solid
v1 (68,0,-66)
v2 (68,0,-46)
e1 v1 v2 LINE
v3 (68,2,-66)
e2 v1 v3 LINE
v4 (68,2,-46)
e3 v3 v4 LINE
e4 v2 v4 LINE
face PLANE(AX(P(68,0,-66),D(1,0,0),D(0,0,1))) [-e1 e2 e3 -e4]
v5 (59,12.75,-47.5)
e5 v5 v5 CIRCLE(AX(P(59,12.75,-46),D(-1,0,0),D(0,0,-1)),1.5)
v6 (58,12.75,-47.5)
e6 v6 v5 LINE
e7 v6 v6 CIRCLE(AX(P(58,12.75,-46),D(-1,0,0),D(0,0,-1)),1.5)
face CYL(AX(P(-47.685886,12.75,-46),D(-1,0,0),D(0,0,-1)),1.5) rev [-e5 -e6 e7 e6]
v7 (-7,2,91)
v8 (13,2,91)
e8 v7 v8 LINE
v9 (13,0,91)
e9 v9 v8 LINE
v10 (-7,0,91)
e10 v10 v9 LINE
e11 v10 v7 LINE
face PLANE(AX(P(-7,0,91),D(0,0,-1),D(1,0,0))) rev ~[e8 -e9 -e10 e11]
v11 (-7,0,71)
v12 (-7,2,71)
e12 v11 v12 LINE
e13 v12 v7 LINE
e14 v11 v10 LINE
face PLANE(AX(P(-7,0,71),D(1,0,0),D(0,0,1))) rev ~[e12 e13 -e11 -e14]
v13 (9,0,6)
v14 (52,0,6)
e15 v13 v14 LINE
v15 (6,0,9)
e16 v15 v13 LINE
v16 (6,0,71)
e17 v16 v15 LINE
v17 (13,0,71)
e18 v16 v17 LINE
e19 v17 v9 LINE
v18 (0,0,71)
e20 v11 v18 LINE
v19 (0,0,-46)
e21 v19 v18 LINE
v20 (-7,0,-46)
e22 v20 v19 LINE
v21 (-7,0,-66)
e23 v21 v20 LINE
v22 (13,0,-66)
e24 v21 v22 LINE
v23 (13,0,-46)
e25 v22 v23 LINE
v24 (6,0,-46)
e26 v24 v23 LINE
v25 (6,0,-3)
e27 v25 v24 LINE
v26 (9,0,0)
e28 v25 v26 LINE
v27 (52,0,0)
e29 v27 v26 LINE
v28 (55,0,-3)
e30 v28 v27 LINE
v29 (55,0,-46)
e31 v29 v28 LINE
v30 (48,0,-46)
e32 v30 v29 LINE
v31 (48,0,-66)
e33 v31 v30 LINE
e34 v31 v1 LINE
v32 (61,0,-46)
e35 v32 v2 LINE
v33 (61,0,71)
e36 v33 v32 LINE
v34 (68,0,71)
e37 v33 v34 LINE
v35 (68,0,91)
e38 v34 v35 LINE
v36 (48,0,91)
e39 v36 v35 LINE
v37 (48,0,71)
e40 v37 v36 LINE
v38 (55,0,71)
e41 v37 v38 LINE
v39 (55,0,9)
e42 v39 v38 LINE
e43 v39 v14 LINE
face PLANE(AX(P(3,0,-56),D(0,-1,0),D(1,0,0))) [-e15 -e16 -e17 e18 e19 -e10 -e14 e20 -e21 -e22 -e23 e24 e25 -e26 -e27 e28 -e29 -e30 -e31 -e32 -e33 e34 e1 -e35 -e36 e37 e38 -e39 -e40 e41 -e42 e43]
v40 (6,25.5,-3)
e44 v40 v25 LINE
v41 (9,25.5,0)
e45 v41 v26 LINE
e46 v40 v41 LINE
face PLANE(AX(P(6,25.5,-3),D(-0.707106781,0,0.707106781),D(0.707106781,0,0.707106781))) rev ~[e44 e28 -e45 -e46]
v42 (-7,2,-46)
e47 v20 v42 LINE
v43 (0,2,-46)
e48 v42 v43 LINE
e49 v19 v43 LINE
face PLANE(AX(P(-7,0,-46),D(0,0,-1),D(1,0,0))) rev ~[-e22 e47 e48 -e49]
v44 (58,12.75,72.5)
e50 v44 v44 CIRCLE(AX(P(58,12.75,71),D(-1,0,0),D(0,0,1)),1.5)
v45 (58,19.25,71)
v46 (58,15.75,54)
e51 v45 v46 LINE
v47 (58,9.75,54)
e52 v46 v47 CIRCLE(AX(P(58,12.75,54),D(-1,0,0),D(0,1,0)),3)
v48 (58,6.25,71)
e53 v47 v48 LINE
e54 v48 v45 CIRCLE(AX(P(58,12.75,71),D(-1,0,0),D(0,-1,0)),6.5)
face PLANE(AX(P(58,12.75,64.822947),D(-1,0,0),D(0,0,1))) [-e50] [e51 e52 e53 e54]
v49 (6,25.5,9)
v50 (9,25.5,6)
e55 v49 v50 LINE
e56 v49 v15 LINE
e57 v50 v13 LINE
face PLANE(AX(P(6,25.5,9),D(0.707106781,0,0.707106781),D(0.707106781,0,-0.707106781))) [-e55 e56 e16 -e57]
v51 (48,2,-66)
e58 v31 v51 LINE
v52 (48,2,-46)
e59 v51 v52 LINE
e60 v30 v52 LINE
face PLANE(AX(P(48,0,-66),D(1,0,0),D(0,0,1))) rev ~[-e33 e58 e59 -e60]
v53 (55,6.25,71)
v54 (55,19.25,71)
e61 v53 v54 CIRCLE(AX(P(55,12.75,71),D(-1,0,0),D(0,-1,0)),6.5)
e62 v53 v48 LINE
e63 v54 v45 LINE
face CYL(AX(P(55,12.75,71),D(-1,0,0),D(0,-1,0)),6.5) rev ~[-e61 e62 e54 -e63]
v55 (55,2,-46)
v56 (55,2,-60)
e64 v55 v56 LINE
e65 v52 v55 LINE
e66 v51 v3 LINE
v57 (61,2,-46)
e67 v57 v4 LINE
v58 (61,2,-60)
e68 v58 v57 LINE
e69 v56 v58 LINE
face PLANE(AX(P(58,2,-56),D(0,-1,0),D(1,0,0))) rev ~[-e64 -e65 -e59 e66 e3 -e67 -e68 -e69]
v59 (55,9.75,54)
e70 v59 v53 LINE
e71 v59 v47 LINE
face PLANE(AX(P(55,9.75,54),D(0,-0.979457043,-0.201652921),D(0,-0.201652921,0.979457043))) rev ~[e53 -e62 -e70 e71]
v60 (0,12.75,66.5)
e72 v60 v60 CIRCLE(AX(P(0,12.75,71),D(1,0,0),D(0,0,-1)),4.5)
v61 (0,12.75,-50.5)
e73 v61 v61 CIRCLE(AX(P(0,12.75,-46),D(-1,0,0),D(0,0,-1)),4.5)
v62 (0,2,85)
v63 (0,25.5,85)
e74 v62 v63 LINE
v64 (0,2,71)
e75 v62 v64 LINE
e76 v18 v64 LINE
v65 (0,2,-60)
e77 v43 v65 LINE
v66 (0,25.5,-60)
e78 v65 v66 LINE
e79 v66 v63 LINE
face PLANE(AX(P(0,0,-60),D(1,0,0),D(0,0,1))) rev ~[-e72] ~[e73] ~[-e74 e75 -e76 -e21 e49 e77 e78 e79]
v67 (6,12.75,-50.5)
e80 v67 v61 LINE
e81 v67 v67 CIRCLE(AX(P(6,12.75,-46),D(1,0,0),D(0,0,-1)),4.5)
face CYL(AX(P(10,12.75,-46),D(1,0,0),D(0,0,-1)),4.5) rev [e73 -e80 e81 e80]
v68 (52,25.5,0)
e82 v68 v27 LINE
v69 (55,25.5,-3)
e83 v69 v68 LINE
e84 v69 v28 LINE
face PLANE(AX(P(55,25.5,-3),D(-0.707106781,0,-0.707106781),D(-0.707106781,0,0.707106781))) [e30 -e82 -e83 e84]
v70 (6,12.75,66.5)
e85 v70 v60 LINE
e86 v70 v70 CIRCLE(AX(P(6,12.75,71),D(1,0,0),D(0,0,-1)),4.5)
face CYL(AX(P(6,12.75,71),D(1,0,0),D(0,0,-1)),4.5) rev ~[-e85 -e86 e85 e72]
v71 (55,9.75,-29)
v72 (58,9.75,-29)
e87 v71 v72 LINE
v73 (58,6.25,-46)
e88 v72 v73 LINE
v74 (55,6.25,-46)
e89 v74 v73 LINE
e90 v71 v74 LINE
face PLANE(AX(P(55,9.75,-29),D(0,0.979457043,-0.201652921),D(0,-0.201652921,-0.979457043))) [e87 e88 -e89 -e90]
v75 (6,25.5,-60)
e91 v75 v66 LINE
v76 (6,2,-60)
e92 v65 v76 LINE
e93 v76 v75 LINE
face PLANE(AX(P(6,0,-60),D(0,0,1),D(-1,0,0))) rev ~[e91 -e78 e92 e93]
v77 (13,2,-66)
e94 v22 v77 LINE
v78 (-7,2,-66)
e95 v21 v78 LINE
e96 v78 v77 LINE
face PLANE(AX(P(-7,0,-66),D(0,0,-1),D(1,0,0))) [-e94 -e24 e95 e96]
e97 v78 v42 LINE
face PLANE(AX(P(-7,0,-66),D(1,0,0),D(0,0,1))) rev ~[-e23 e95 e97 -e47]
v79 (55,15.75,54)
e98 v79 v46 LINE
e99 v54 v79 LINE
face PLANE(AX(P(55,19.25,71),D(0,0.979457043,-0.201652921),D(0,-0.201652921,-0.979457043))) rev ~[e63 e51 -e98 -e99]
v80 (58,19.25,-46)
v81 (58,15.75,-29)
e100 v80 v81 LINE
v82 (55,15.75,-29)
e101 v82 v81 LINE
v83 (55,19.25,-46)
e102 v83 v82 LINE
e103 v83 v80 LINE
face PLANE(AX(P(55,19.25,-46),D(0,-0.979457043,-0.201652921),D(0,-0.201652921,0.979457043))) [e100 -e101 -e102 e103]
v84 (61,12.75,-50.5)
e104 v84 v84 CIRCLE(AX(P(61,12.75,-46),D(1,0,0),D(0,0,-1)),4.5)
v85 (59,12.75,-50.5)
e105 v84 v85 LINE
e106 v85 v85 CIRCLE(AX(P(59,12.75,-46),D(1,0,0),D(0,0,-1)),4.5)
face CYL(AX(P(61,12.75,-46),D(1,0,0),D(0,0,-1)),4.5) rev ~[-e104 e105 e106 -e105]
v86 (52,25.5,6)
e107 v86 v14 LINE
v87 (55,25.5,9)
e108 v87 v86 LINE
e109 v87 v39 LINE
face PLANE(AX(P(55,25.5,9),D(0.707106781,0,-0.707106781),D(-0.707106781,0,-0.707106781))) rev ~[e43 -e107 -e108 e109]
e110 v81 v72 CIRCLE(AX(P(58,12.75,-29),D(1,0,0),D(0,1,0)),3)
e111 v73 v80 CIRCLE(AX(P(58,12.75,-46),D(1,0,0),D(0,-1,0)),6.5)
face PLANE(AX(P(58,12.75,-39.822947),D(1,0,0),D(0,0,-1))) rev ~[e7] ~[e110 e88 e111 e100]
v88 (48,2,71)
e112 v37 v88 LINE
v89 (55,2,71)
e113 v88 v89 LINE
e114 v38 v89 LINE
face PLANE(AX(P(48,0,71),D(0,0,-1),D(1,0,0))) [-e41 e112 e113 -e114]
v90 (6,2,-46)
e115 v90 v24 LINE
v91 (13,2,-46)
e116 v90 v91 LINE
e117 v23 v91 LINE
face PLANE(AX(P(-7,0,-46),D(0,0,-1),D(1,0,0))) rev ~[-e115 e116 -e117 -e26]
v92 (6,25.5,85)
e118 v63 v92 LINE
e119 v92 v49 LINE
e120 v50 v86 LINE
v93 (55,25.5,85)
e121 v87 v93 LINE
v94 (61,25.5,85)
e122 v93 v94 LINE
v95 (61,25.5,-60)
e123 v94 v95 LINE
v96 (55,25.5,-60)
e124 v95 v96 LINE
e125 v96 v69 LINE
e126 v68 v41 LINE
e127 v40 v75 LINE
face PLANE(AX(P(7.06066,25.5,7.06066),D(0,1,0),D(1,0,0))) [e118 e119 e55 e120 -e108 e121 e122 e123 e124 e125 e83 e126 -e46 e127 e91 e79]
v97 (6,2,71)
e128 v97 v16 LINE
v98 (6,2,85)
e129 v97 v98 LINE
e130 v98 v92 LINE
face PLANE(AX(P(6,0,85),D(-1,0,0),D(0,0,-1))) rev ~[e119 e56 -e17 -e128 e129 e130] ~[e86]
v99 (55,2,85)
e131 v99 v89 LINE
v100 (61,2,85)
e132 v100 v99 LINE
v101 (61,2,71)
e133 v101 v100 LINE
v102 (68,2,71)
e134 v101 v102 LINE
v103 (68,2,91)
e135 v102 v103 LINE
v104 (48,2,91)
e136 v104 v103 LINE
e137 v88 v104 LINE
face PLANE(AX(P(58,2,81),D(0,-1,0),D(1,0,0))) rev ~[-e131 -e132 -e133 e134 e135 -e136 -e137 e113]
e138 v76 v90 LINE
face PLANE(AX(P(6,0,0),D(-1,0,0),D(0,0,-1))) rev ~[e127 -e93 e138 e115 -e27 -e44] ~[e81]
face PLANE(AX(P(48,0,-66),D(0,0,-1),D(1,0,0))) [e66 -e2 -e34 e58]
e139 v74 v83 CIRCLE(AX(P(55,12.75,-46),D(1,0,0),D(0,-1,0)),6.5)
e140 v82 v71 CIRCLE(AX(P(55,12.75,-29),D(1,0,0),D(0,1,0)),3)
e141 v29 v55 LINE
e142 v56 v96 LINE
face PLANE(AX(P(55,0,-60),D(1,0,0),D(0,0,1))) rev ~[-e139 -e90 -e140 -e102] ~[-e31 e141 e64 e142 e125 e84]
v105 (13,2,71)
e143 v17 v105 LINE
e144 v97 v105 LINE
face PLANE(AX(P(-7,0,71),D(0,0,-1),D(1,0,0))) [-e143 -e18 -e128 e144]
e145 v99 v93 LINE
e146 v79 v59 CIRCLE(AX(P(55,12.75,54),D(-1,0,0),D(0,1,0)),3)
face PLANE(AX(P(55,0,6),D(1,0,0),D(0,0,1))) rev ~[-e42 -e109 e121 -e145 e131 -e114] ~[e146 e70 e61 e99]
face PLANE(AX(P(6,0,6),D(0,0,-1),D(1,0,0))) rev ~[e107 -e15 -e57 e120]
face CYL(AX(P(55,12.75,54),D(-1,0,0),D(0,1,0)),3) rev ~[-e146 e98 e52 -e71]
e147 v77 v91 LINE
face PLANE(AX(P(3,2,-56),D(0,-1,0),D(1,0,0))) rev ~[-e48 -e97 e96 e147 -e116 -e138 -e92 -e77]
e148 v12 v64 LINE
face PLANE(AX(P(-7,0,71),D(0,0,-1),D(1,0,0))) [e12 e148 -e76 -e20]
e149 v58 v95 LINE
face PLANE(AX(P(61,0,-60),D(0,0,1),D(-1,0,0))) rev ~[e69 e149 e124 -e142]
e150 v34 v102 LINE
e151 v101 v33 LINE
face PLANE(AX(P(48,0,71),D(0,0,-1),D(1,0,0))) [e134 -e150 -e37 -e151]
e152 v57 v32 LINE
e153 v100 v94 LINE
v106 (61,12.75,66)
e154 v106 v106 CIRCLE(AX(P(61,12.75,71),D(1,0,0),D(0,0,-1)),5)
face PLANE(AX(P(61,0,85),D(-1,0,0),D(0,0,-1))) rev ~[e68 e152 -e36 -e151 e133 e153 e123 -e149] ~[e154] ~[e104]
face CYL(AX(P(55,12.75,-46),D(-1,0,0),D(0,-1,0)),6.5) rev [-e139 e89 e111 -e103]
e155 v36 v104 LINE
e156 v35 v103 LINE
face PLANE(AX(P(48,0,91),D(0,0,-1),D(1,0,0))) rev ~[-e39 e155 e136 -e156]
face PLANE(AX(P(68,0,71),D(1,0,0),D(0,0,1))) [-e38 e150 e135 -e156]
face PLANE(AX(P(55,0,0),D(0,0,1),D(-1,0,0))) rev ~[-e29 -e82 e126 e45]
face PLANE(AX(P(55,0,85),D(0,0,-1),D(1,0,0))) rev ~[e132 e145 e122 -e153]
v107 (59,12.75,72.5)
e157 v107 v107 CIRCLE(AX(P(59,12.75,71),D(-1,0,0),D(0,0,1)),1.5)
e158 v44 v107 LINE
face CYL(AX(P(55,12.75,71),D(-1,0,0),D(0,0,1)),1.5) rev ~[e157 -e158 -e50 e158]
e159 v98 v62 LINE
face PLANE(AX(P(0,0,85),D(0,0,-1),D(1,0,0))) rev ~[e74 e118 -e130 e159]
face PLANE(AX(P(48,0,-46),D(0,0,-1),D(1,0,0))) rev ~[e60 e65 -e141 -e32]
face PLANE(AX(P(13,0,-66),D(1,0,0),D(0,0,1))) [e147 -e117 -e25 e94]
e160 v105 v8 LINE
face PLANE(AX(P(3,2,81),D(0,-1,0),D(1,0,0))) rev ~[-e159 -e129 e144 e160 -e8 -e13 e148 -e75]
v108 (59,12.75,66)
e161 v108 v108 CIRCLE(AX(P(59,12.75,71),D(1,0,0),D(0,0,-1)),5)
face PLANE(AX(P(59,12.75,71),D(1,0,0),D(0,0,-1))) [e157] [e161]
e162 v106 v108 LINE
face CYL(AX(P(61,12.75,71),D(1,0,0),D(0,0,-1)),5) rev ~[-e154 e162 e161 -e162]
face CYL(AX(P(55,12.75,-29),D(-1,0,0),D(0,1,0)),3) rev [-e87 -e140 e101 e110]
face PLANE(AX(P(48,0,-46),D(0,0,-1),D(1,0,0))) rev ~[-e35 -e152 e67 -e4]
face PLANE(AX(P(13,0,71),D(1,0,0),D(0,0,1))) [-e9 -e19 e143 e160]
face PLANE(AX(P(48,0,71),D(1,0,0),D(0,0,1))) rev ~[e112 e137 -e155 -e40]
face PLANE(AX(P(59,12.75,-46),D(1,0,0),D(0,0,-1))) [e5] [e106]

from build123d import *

# Parameters (mm, degrees)
BOSS_EXTRUDE1_DEPTH     = 25.5
SKETCH2_R               = 4.5
CUT_EXTRUDE1_DEPTH      = 25
SKETCH3_R               = 1.5
CUT_EXTRUDE2_DEPTH      = 10
SKETCH4_R               = 5
CUT_EXTRUDE3_DEPTH      = 2
CUT_EXTRUDE4_DEPTH      = 3
CUT_EXTRUDE5_DEPTH      = 3
SKETCH7_R               = 4.5
CUT_EXTRUDE6_DEPTH      = 2
CUT_EXTRUDE7_DEPTH      = 108.685885798
CUT_EXTRUDE7_DEPTH_BACK = 108.685885798
SKETCH8_R               = 1.5
CUT_EXTRUDE8_START      = -10
SKETCH9_R               = 4.5
CUT_EXTRUDE8_DEPTH      = 10
BOSS_EXTRUDE2_DEPTH     = 25.5
SKETCH11_W              = 20
SKETCH11_H              = 20
BOSS_EXTRUDE3_DEPTH     = 2


with BuildPart() as part:
    # Sketch1 → Boss-Extrude1 (new body)
    with BuildSketch(Plane(origin=(0, 0, 0), x_dir=(1, 0, 0), z_dir=(0, 1, 0))):
        Polygon((6, -6), (55, -6), (55, -85), (61, -85), (61, 60), (55, 60), (55, 0), (6, 0), (6, 60), (0, 60), (0, -85), (6, -85), align=None)
    extrude(amount=BOSS_EXTRUDE1_DEPTH)

    # Sketch2 → Cut-Extrude1 (cut)
    with BuildSketch(Plane(origin=(6, 0, 0), x_dir=(0, 0, -1), z_dir=(1, 0, 0))):
        with Locations((-71, 12.75)):
            Circle(SKETCH2_R)
    extrude(amount=-CUT_EXTRUDE1_DEPTH, mode=Mode.SUBTRACT)

    # Sketch3 → Cut-Extrude2 (cut)
    with BuildSketch(Plane.ZY.offset(-55)):
        with Locations((71, 12.75)):
            Circle(SKETCH3_R)
    extrude(amount=-CUT_EXTRUDE2_DEPTH, mode=Mode.SUBTRACT)

    # Sketch4 → Cut-Extrude3 (cut)
    with BuildSketch(Plane(origin=(61, 0, 0), x_dir=(0, 0, -1), z_dir=(1, 0, 0))):
        with Locations((-71, 12.75)):
            Circle(SKETCH4_R)
    extrude(amount=-CUT_EXTRUDE3_DEPTH, mode=Mode.SUBTRACT)

    # Sketch5 → Cut-Extrude4 (cut)
    with BuildSketch(Plane.ZY.offset(-55)):
        with BuildLine():
            Line((71, 19.25), (54, 15.75))
            ThreePointArc((54, 15.75), (51, 12.75), (54, 9.75))
            Line((54, 9.75), (71, 6.25))
            ThreePointArc((71, 6.25), (77.5, 12.75), (71, 19.25))
        make_face()
    extrude(amount=-CUT_EXTRUDE4_DEPTH, mode=Mode.SUBTRACT)

    # Sketch6 → Cut-Extrude5 (cut)
    with BuildSketch(Plane.ZY.offset(-55)):
        with BuildLine():
            Line((-29, 9.75), (-46, 6.25))
            ThreePointArc((-46, 6.25), (-52.5, 12.75), (-46, 19.25))
            Line((-46, 19.25), (-29, 15.75))
            ThreePointArc((-29, 15.75), (-26, 12.75), (-29, 9.75))
        make_face()
    extrude(amount=-CUT_EXTRUDE5_DEPTH, mode=Mode.SUBTRACT)

    # Sketch7 → Cut-Extrude6 (cut)
    with BuildSketch(Plane(origin=(61, 0, 0), x_dir=(0, 0, -1), z_dir=(1, 0, 0))):
        with Locations((46, 12.75)):
            Circle(SKETCH7_R)
    extrude(amount=-CUT_EXTRUDE6_DEPTH, mode=Mode.SUBTRACT)

    # Sketch8 → Cut-Extrude7 (cut, two sides: drawn at the far end of the back side and taken through both)
    with BuildSketch(Plane(origin=(61, 0, 0), x_dir=(0, 0, -1), z_dir=(1, 0, 0)).offset(-CUT_EXTRUDE7_DEPTH_BACK)):
        with Locations((46, 12.75)):
            Circle(SKETCH8_R)
    extrude(amount=CUT_EXTRUDE7_DEPTH + CUT_EXTRUDE7_DEPTH_BACK, mode=Mode.SUBTRACT)

    # Sketch9 → Cut-Extrude8 (cut)
    with BuildSketch(Plane.ZY.offset(CUT_EXTRUDE8_START)):
        with Locations(Location((-46, 12.75, 0), (0, 0, 180))):
            Circle(SKETCH9_R)
    extrude(amount=CUT_EXTRUDE8_DEPTH, mode=Mode.SUBTRACT)

    # Sketch10 → Boss-Extrude2 (add)
    with BuildSketch(Plane(origin=(0, 25.5, 0), x_dir=(1, 0, 0), z_dir=(0, 1, 0))):
        Polygon((9, -6), (6, -6), (6, -9), align=None)
        Polygon((6, 0), (6, 3), (9, 0), align=None)
        Polygon((52, 0), (55, 0), (55, 3), align=None)
        Polygon((55, -6), (55, -9), (52, -6), align=None)
    extrude(amount=-BOSS_EXTRUDE2_DEPTH)

    # Sketch11 → Boss-Extrude3 (add)
    with BuildSketch(Plane.XZ):
        with Locations((3, -56)):
            Rectangle(SKETCH11_W, SKETCH11_H)
        with Locations((3, 81)):
            Rectangle(SKETCH11_W, SKETCH11_H)
        with Locations((58, 81)):
            Rectangle(SKETCH11_W, SKETCH11_H)
        with Locations((58, -56)):
            Rectangle(SKETCH11_W, SKETCH11_H)
    extrude(amount=-BOSS_EXTRUDE3_DEPTH)


solid = part.part
